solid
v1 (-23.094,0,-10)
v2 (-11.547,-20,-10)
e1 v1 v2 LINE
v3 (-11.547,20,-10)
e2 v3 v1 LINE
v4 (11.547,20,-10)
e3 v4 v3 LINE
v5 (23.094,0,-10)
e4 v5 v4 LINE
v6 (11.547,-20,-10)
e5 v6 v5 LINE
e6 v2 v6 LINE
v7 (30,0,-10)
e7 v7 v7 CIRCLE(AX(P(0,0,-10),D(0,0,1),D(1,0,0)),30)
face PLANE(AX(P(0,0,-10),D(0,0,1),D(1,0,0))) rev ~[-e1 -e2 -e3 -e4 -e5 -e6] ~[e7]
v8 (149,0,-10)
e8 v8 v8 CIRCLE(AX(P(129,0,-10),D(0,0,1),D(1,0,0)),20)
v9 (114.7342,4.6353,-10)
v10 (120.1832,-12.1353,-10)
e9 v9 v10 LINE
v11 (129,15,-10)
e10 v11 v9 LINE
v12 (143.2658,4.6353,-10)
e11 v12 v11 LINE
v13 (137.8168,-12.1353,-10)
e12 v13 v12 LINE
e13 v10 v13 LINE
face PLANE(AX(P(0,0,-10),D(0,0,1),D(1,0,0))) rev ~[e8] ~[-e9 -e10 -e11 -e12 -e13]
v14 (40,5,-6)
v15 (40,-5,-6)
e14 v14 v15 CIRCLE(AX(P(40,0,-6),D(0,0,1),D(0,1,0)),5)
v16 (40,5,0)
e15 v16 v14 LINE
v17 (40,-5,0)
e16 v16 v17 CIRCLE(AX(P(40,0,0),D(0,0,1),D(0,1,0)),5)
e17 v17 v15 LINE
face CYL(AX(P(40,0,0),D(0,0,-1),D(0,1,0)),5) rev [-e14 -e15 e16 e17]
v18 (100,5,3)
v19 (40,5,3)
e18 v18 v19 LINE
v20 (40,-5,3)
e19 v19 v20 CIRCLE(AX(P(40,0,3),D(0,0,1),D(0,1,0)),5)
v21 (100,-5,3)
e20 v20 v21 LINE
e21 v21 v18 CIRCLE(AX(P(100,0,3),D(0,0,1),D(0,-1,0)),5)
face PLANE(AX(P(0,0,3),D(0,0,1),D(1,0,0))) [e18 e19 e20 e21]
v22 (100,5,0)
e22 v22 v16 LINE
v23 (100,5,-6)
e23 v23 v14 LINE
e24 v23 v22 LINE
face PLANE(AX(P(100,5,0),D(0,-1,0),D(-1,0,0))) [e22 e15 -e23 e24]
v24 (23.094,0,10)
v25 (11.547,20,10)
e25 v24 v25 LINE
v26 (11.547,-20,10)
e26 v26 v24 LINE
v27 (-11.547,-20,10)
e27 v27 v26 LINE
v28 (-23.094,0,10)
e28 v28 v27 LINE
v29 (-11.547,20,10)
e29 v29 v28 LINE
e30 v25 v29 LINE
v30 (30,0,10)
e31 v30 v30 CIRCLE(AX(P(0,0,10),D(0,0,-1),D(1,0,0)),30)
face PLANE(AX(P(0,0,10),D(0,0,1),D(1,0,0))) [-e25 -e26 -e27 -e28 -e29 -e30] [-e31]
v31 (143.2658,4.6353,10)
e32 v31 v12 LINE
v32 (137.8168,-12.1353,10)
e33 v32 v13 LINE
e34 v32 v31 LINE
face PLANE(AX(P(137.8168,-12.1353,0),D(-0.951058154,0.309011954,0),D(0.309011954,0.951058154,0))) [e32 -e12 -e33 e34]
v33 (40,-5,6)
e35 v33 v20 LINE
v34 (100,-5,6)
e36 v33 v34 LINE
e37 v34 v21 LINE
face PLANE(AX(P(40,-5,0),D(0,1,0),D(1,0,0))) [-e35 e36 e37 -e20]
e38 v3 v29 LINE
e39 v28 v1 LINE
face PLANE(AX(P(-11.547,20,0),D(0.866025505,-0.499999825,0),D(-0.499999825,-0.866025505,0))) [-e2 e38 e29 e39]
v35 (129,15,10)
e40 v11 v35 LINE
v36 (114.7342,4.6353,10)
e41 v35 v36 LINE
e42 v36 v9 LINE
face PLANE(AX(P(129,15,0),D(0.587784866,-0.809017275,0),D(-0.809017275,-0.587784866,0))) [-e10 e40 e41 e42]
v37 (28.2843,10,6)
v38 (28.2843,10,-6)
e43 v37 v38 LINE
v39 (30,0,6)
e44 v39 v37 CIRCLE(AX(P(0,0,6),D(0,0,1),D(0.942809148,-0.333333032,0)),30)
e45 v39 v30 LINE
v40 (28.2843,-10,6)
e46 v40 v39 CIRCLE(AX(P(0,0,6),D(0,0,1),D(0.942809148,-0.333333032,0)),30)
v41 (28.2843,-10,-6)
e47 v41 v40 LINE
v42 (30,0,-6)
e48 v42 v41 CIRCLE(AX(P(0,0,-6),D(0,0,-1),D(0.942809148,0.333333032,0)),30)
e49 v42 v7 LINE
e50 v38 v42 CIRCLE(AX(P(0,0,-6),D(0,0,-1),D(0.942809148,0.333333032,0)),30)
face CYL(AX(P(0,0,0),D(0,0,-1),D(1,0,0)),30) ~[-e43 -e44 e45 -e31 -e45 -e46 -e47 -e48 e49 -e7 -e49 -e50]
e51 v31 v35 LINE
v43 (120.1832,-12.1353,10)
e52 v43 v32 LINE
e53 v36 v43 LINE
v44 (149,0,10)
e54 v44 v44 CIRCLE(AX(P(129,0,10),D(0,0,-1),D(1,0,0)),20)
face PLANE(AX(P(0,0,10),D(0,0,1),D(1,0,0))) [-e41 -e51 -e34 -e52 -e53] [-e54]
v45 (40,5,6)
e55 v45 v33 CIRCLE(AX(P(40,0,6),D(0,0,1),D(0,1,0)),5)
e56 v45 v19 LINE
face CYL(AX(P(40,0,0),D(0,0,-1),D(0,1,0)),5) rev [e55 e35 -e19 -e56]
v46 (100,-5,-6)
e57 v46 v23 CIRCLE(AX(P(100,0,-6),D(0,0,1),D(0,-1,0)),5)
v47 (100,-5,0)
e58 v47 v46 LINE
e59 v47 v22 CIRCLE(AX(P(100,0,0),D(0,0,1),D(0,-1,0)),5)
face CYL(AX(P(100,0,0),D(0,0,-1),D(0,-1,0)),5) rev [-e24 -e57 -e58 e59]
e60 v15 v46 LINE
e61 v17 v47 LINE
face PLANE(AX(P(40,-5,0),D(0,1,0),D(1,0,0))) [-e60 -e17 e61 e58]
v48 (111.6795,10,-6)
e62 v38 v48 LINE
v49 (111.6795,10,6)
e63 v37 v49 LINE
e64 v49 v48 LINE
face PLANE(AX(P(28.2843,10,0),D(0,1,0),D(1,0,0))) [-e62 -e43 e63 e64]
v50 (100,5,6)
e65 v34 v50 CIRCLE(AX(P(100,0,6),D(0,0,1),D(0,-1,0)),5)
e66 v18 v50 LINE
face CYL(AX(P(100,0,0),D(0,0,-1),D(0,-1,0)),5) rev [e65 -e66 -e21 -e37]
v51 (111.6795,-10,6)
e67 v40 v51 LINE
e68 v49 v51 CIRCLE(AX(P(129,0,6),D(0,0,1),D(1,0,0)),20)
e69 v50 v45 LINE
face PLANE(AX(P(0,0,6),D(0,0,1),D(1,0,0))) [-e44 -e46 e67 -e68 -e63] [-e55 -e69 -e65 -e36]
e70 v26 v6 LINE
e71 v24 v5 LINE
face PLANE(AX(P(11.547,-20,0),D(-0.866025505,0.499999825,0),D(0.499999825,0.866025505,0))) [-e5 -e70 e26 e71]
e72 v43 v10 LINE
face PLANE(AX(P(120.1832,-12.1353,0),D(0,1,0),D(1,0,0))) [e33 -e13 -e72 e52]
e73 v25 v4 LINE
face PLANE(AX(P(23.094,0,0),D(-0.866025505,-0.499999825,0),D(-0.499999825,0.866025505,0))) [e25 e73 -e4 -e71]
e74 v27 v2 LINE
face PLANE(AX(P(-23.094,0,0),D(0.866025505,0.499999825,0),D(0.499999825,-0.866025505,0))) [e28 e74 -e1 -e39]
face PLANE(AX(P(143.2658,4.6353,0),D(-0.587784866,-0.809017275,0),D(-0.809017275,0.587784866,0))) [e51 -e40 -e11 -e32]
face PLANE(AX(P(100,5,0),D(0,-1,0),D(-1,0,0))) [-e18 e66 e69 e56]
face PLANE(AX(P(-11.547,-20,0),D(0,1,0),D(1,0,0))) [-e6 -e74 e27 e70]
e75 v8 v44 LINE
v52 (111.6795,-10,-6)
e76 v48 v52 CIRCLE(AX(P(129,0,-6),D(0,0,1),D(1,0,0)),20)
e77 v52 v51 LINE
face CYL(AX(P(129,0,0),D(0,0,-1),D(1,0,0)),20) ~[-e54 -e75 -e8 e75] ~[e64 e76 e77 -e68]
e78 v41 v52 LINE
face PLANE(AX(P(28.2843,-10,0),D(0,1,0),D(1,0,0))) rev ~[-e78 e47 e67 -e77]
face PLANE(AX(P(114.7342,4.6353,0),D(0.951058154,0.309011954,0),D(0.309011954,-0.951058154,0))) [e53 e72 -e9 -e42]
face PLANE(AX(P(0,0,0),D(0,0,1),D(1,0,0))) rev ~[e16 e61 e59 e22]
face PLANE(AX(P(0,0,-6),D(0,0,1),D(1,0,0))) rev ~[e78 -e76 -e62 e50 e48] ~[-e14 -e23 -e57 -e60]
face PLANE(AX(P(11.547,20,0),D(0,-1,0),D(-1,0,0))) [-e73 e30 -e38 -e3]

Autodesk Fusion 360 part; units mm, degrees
sketch "Sketch1" plane through (0, 0, 0) normal (0, 0, 1) x (1, 0, 0)
  circle A0 centre (0, 0) radius 30
  circle A1 centre (129, 0) radius 20
  line L0 (129, 15) -> (114.7342, 4.6353)
  line L1 (114.7342, 4.6353) -> (120.1832, -12.1353)
  line L2 (120.1832, -12.1353) -> (137.8168, -12.1353)
  line L3 (137.8168, -12.1353) -> (143.2658, 4.6353)
  line L4 (143.2658, 4.6353) -> (129, 15)
  line L5 (-11.547, 20) -> (-23.094, 0)
  line L6 (-23.094, 0) -> (-11.547, -20)
  line L7 (-11.547, -20) -> (11.547, -20)
  line L8 (11.547, -20) -> (23.094, 0)
  line L9 (23.094, 0) -> (11.547, 20)
  line L10 (11.547, 20) -> (-11.547, 20)
  line L11 (28.2843, 10) -> (111.6795, 10)
  line L12 (28.2843, -10) -> (111.6795, -10)
  line L13 (100, 5) -> (40, 5)
  line L14 (40, -5) -> (100, -5)
  line L15 (105, 5) -> (35, -5) construction
  line L16 (35, 5) -> (105, -5) construction
  arc A2 (40, 5) -> (40, -5) centre (40, 0) ccw
  arc A3 (100, -5) -> (100, 5) centre (100, 0) ccw
  point P0 (129, 0)
  point P1 (70, 0)
  dimension "d6" = 129
  dimension "d9" = 20
  dimension "d10" = 60
  dimension "d11" = 40
  dimension "d12" = 15
  dimension "d17" = 70
  dimension "d18" = 10
extrude "Extrude1" add sketch "Sketch1" along normal mid plane 20 contours A0 | A1 makes body 1 at (27.1662, -12.7278, 3.3333) makes body 2 at (148.9006, -1.9914, -3.3333)
extrude "Extrude2" add sketch "Sketch1" along normal mid plane 12 contours A0 A1 L11 L12 bodies 1 2
extrude "Extrude3" add sketch "Sketch1" along normal blind 3 contours L13 L14 A2 A3 bodies 1
